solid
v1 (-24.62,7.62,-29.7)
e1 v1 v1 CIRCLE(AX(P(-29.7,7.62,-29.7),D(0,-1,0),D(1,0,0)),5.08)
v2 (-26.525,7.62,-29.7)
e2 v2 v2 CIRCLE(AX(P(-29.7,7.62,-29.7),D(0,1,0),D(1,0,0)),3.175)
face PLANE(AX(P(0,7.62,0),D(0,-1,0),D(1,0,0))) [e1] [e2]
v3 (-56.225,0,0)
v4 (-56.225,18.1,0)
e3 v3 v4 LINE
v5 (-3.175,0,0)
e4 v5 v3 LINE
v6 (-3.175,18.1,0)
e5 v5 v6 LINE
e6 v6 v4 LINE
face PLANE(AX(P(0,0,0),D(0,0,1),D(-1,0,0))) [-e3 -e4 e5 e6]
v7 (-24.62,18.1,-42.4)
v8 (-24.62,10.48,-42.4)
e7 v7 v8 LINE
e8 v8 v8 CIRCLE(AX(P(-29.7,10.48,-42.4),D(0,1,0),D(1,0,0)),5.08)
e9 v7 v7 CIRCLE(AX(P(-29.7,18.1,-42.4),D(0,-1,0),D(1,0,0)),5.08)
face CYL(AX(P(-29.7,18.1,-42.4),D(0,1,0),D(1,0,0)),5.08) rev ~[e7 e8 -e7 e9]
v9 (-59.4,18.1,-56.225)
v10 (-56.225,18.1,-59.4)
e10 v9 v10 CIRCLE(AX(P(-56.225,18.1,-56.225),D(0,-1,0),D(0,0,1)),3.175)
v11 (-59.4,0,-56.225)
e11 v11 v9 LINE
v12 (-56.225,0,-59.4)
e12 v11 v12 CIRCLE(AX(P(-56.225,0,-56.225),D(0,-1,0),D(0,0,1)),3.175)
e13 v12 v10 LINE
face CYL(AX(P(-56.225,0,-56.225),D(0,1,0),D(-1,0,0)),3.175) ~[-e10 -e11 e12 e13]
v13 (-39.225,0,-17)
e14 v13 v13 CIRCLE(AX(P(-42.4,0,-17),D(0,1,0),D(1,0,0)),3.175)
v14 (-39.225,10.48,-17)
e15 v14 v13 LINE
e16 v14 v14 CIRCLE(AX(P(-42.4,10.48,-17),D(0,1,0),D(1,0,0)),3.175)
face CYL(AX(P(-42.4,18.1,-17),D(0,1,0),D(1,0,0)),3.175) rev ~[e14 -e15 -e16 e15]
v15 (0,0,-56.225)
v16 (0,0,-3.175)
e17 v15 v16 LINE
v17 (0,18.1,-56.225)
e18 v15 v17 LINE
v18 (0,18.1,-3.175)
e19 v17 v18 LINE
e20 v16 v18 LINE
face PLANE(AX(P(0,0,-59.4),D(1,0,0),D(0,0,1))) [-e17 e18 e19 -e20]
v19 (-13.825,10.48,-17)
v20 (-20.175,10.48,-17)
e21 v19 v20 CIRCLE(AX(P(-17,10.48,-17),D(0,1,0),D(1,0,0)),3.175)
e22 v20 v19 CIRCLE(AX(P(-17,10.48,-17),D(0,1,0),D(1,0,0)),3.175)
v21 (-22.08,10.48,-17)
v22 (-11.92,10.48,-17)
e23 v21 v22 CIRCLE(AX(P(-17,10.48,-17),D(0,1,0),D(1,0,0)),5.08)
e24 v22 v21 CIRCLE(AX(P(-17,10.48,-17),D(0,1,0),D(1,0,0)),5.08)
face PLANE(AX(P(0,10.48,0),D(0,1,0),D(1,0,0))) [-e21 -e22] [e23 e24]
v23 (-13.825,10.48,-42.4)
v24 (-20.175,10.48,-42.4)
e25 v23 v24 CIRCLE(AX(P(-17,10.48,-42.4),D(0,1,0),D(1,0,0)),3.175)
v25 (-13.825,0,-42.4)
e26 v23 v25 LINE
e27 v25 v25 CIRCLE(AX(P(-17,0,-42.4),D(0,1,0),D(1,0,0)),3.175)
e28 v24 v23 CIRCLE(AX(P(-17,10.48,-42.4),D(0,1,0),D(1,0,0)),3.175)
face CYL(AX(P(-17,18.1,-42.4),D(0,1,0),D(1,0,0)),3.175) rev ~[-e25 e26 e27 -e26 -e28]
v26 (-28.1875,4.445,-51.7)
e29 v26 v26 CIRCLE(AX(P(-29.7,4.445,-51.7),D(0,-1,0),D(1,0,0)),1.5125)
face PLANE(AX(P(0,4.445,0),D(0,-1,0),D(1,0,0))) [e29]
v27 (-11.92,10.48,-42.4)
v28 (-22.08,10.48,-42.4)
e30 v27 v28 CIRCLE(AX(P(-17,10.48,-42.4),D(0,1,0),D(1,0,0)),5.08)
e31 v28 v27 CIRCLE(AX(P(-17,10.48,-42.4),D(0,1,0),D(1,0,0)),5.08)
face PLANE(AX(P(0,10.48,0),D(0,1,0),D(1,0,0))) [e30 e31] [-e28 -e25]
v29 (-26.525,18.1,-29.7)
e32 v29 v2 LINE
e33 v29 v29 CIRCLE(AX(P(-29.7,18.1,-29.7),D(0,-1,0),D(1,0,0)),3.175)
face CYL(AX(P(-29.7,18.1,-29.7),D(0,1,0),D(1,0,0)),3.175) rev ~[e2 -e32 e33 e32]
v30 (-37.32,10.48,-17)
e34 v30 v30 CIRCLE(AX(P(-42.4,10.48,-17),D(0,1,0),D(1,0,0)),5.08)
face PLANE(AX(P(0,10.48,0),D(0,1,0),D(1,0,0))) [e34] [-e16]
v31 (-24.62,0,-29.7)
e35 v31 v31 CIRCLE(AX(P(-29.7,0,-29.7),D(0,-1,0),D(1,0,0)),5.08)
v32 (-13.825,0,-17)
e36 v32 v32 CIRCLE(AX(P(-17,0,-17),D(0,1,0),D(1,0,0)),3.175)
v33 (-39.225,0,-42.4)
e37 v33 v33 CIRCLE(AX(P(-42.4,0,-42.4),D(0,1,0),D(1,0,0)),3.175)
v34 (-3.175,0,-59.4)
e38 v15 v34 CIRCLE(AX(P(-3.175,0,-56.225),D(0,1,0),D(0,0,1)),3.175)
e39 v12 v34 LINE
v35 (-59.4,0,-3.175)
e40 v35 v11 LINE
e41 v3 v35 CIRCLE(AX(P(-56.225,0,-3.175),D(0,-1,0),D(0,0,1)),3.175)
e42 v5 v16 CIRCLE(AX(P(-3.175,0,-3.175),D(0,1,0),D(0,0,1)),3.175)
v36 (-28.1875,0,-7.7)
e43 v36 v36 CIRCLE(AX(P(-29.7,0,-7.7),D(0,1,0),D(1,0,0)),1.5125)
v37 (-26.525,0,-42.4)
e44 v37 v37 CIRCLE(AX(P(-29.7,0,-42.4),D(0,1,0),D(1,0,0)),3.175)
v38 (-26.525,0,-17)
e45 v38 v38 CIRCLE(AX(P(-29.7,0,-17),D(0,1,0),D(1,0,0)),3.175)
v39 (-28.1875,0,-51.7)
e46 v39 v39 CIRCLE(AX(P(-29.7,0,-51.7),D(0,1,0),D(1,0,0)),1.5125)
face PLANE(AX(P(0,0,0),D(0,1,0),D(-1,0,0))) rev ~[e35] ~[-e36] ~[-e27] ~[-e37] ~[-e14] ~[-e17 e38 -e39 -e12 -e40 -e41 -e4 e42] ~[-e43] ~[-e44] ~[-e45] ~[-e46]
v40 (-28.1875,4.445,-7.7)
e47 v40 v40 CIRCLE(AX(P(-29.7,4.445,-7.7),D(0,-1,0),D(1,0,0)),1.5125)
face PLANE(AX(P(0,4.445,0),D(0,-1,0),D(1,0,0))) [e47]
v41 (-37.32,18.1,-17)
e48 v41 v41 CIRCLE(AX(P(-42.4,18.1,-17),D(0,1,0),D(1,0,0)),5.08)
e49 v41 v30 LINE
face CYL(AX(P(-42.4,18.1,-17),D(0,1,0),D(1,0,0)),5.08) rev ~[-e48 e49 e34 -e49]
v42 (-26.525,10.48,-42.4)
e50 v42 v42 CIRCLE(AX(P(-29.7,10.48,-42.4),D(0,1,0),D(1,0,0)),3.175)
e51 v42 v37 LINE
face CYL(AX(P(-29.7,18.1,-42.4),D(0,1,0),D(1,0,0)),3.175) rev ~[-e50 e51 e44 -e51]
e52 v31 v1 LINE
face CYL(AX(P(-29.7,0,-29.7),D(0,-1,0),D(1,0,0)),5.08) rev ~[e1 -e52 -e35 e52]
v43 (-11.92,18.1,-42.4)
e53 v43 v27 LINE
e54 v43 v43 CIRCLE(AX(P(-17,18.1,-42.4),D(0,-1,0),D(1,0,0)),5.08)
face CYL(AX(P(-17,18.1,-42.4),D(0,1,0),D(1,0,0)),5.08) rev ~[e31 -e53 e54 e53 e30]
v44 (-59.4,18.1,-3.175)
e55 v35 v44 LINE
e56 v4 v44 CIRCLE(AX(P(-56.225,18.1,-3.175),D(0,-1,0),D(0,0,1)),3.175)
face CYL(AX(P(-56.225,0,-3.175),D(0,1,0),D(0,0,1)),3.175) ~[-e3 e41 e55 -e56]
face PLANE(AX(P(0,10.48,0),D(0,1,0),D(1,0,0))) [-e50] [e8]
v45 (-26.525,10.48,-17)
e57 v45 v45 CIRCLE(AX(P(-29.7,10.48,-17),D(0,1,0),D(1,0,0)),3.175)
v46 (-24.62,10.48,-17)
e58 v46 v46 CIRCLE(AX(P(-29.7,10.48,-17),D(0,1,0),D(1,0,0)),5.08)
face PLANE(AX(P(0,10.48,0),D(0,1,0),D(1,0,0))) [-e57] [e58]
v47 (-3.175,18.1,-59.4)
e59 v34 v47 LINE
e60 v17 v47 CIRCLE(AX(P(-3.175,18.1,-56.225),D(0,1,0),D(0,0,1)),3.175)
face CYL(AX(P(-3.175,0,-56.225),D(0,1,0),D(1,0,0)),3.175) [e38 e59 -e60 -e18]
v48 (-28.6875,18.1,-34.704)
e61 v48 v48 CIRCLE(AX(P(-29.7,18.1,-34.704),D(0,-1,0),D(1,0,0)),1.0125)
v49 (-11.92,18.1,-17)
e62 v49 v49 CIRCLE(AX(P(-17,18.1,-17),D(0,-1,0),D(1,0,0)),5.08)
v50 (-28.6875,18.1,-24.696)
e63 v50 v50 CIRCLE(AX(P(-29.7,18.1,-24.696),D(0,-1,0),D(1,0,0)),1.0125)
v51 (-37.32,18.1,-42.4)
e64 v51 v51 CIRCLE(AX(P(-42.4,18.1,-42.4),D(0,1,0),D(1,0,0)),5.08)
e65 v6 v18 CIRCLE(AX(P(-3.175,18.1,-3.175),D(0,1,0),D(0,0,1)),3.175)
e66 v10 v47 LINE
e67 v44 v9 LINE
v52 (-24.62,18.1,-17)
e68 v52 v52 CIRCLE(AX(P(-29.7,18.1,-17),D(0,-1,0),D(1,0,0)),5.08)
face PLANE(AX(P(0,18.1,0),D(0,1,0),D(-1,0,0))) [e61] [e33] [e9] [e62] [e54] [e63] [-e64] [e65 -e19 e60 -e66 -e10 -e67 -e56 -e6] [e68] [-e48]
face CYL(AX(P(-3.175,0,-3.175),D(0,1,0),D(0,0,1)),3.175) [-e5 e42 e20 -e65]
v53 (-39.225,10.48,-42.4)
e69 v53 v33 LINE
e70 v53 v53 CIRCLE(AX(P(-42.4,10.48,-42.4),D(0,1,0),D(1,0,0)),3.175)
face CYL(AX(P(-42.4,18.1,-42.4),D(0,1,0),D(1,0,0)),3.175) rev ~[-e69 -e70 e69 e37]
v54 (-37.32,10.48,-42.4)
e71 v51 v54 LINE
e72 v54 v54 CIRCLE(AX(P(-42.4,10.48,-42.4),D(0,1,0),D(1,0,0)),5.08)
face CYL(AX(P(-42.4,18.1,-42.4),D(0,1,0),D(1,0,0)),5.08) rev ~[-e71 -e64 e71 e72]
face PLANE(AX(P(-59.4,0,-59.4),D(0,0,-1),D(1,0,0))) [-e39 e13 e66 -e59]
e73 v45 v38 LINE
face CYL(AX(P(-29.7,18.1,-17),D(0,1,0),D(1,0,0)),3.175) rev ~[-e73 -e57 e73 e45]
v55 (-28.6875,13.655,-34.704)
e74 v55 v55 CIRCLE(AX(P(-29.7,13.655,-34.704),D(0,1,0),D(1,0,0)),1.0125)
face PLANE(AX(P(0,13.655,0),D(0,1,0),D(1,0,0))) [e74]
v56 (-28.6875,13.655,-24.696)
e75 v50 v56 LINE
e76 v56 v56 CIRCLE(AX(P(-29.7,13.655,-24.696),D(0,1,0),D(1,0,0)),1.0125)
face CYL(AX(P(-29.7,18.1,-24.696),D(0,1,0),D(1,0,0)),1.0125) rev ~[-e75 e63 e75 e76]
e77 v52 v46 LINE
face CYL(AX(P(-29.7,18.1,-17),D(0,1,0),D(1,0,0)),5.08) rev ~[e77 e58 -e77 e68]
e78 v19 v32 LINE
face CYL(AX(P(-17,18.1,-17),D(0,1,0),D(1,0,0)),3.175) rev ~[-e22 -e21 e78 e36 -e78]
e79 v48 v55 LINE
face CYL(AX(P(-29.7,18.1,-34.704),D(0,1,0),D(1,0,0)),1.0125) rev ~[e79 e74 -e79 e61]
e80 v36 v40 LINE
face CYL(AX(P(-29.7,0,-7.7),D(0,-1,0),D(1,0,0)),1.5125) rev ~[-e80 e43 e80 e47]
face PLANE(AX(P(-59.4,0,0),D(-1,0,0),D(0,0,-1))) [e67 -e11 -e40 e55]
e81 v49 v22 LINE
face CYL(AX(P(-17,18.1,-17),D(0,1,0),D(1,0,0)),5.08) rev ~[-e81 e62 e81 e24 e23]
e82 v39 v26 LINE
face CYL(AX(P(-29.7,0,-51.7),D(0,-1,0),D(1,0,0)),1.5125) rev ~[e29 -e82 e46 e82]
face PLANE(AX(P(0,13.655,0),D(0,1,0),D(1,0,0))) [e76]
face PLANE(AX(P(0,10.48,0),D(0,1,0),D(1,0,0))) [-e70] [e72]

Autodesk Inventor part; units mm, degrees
ref_plane "YZ Plane" through (0, 0, 0) normal (1, 0, 0) x (0, 1, 0)
ref_plane "XZ Plane" through (0, 0, 0) normal (0, 1, 0) x (-1, 0, 0)
ref_plane "XY Plane" through (0, 0, 0) normal (0, 0, 1) x (1, 0, 0)
sketch "Sketch1" plane through (0, 0, 0) normal (0, 1, 0) x (-1, 0, 0)
  line L0 (0, 0) -> (59.4, 0)
  line L1 (59.4, 0) -> (59.4, -59.4)
  line L2 (59.4, -59.4) -> (0, -59.4)
  line L3 (0, -59.4) -> (0, 0)
  dimension "d0" = 59.4
  dimension "d1" = 59.4
extrude "Extrusion1" add sketch "Sketch1" along normal blind 18.1
sketch "Sketch2" plane through (0, 18.1, 0) normal (0, 1, 0) x (1, 0, 0)
  line L0 (-59.4, 59.4) -> (-59.4, 0) projected
  line L1 (-59.4, 29.7) -> (0, 29.7)
  line L2 (-29.7, 29.7) -> (-29.7, 59.4)
  line L3 (-29.7, 29.7) -> (-29.7, 17)
  circle A0 centre (-29.7, 17) radius 5.08
  line L4 (-29.7, 17) -> (-42.4, 17)
  line L5 (-29.7, 17) -> (-17, 17)
  circle A1 centre (-42.4, 17) radius 5.08
  circle A2 centre (-17, 17) radius 5.08
  line L6 (-29.7, 29.7) -> (-29.7, 42.4)
  circle A3 centre (-29.7, 42.4) radius 5.08
  line L7 (-29.7, 42.4) -> (-42.4, 42.4)
  line L8 (-29.7, 42.4) -> (-17, 42.4)
  circle A4 centre (-42.4, 42.4) radius 5.08
  circle A5 centre (-17, 42.4) radius 5.08
  circle A6 centre (-29.7, 17) radius 3.175
  circle A7 centre (-42.4, 17) radius 3.175
  circle A8 centre (-17, 17) radius 3.175
  circle A9 centre (-29.7, 42.4) radius 3.175
  circle A10 centre (-42.4, 42.4) radius 3.175
  circle A11 centre (-17, 42.4) radius 3.175
  circle A12 centre (-29.7, 29.7) radius 3.175
  line L9 (-29.7, 29.7) -> (-29.7, 34.704)
  line L10 (-29.7, 29.7) -> (-29.7, 24.696)
  circle A13 centre (-29.7, 24.696) radius 1.0125
  circle A14 centre (-29.7, 34.704) radius 1.0125
  point P0 (0, 0)
  dimension "d4" = 12.7
  dimension "d5" = 10.16
  dimension "d6" = 12.7
  dimension "d7" = 12.7
  dimension "d8" = 10.16
  dimension "d9" = 10.16
  dimension "d10" = 12.7
  dimension "d11" = 10.16
  dimension "d12" = 12.7
  dimension "d13" = 12.7
  dimension "d14" = 10.16
  dimension "d15" = 10.16
  dimension "d16" = 6.35
  dimension "d17" = 6.35
  dimension "d18" = 6.35
  dimension "d19" = 6.35
  dimension "d20" = 6.35
  dimension "d21" = 6.35
  dimension "d22" = 6.35
  dimension "d23" = 5.004
  dimension "d24" = 5.004
  dimension "d25" = 2.025
  dimension "d26" = 2.025
extrude "Extrusion2" cut sketch "Sketch2" against normal blind 38.1 contours L2 A12 L1 | L3 A12 L1 | L1 A12 L2 | L1 A12 L3 | A8 | A7 | A10 | A11 | A9 L7 L2 | L2 L8 A9 | A6 L5 L3 | L3 L4 A6 | L7 A9 L2 | L2 A9 L8 | L5 A6 L4
extrude "Extrusion3" cut sketch "Sketch2" against normal blind 7.62 contours A8 | A2 | A7 | A1 | A0 L5 A6 L3 | L3 A6 L4 A0 | A4 | A11 | A5 | A3 L7 A9 L2 | L2 A9 L8 A3 | A9 L7 L2 | L2 L8 A9 | A3 L2 A9 L7 | L8 A9 L2 A3 | A6 L5 L3 | L3 L4 A6 | A0 L4 A6 L5 | L7 A9 L2 | L2 A9 L8 | L5 A6 L4
extrude "Extrusion4" cut sketch "Sketch2" against normal blind 4.445 contours A13 L3 | L3 A13 | A14 L2 | L2 A14
sketch "Sketch3" plane through (0, 0, 0) normal (0, -1, 0) x (1, 0, 0)
  circle A0 centre (-29.7, -29.7) radius 3.175 projected
  line L0 (-29.7, -29.7) -> (-29.7, -51.7)
  line L1 (-29.7, -29.7) -> (-29.7, -7.7)
  circle A1 centre (-29.7, -7.7) radius 1.5125
  circle A2 centre (-29.7, -51.7) radius 1.5125
  circle A3 centre (-29.7, -29.7) radius 5.08
  point P0 (0, 0)
  dimension "d33" = 22
  dimension "d34" = 22
  dimension "d35" = 3.025
  dimension "d36" = 3.025
  dimension "d37" = 10.16
extrude "Extrusion5" cut sketch "Sketch3" against normal blind 4.445 contours A1 | A2
extrude "Extrusion6" cut sketch "Sketch3" against normal blind 7.62 contours A0 L0 L1 | A0 L1 A3 L0 | L1 L0 A0 | A0 L0 A3 L1
fillet "Fillet1" radius 3.175 4 edges at (0, 9.05, -59.4) (0, 9.05, 0) (-59.4, 9.05, 0) (-59.4, 9.05, -59.4)
properties part number "LNR25MtoPolarisAdapter"
